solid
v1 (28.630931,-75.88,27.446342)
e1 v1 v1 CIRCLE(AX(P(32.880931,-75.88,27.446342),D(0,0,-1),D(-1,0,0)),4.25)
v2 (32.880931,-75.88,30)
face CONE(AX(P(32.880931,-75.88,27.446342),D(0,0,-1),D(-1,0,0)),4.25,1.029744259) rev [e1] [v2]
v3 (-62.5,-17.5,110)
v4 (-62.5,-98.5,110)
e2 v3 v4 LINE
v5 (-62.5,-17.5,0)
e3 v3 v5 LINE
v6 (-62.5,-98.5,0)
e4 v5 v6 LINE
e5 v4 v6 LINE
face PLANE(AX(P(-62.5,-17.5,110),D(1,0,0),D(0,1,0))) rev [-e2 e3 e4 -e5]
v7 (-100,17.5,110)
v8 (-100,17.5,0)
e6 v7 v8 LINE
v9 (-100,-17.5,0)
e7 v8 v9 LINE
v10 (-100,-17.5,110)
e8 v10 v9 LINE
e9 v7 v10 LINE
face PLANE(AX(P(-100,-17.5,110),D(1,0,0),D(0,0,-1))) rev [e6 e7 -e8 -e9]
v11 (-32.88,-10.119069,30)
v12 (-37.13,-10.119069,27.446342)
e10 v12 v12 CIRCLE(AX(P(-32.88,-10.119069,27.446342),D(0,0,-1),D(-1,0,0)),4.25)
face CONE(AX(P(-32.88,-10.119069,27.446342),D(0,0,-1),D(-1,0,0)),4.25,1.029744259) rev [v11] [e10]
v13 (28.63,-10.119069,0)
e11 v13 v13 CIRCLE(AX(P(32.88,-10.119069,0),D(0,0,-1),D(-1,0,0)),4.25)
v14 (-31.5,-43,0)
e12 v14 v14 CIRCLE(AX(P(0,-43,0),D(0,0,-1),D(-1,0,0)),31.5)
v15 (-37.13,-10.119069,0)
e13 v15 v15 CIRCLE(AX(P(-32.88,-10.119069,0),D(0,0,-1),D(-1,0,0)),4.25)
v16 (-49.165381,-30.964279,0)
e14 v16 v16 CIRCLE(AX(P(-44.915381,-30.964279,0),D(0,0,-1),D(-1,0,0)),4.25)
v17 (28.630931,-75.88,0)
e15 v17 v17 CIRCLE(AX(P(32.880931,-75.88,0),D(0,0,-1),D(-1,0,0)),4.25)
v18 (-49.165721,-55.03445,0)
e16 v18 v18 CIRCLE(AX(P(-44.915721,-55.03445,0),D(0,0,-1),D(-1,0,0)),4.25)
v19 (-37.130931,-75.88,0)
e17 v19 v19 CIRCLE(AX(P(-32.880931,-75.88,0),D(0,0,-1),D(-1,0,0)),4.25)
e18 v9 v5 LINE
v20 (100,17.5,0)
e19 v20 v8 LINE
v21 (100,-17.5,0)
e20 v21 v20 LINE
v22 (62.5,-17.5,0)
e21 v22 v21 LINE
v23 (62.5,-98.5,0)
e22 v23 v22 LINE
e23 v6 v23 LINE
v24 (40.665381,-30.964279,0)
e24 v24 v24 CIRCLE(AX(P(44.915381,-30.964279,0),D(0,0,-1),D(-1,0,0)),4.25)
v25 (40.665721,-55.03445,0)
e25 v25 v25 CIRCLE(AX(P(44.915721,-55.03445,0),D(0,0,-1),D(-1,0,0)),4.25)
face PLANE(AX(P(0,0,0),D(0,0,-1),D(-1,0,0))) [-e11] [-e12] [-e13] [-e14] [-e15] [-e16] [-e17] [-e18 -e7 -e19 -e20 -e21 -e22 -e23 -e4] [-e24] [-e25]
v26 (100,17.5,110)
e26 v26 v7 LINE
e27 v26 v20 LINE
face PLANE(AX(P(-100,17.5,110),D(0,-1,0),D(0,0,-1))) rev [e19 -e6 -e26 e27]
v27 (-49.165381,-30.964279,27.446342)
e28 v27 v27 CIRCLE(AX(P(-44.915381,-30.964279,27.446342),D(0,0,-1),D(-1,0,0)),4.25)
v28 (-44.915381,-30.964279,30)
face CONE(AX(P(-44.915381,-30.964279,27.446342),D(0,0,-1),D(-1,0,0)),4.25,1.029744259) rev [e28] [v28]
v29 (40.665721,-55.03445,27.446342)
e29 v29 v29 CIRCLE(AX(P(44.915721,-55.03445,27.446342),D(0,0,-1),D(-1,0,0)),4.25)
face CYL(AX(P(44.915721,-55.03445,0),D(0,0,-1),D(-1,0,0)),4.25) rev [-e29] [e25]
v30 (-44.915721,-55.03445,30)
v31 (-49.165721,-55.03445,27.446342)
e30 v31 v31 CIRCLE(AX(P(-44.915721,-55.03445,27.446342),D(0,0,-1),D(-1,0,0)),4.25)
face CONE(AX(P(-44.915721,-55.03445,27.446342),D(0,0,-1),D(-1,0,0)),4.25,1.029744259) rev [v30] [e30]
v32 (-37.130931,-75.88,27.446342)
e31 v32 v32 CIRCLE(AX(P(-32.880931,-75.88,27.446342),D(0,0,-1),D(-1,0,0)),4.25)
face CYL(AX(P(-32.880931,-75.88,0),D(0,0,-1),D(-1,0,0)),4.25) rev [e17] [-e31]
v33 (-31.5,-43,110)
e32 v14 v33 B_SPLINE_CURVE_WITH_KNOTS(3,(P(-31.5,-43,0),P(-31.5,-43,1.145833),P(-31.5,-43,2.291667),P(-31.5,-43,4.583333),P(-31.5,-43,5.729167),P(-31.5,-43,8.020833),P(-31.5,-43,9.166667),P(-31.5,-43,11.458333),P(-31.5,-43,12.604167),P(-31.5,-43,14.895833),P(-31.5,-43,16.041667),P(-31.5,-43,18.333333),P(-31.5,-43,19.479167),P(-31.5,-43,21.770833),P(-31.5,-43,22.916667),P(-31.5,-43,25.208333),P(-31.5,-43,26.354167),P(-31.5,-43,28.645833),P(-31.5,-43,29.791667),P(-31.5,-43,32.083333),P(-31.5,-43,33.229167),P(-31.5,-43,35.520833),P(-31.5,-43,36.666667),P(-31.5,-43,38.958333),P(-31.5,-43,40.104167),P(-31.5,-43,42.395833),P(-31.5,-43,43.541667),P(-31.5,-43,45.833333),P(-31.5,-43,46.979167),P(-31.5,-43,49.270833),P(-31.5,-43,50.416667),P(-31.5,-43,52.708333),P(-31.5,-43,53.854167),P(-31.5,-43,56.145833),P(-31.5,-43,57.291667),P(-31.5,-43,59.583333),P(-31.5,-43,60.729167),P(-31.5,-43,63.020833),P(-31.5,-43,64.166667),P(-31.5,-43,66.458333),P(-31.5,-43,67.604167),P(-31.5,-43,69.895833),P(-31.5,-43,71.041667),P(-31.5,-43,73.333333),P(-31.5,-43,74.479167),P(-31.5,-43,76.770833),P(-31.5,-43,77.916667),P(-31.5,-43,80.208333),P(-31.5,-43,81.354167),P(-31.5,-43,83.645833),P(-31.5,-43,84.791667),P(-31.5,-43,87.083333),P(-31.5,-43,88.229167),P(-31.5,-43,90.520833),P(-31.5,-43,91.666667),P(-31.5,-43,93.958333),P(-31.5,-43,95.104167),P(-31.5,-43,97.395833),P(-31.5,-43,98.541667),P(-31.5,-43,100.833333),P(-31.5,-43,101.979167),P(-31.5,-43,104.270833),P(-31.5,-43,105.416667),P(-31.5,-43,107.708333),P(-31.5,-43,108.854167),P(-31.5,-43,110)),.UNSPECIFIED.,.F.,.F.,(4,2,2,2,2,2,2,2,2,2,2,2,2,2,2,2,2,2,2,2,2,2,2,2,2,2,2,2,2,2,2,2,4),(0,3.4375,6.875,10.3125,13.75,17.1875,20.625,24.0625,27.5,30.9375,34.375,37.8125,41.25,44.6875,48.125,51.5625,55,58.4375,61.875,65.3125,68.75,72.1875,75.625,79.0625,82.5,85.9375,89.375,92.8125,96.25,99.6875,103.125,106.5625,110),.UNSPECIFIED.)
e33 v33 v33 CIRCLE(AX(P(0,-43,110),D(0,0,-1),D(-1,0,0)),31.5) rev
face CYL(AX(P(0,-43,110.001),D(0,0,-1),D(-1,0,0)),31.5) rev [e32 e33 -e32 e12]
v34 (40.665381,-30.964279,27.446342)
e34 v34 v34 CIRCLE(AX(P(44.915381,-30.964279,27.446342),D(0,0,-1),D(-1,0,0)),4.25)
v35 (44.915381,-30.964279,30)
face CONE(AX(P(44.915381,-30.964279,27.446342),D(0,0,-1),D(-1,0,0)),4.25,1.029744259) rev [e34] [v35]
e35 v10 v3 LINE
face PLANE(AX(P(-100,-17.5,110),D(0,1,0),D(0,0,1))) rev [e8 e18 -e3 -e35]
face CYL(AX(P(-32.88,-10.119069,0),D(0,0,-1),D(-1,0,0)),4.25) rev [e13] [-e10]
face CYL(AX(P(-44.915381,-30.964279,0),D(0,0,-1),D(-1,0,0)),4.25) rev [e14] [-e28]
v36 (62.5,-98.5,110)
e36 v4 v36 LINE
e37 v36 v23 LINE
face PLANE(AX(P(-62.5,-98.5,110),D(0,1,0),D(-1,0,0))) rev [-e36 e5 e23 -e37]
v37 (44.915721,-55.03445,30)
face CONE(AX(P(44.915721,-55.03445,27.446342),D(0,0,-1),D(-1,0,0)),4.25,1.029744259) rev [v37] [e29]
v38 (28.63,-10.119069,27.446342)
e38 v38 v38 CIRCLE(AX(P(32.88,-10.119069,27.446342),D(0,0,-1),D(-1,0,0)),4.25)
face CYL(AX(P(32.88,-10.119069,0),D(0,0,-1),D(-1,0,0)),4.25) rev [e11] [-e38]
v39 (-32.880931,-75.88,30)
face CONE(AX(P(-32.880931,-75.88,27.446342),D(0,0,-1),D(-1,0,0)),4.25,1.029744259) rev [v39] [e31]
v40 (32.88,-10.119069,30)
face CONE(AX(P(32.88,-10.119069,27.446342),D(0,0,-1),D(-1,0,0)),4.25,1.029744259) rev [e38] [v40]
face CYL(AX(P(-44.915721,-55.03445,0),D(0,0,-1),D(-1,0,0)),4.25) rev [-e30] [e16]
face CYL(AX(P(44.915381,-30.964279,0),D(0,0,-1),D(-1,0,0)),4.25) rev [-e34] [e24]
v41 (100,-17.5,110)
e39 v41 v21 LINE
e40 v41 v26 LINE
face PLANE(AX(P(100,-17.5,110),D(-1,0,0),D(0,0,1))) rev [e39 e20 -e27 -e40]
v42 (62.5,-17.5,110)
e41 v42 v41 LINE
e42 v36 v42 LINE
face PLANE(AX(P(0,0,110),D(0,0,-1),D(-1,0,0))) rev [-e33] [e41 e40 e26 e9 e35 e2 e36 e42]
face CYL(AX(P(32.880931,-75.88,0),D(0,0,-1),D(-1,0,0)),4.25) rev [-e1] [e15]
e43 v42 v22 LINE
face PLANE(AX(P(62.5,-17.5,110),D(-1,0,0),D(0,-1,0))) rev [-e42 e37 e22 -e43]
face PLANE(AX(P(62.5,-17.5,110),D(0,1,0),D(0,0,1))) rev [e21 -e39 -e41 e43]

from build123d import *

# Parameters (mm, degrees)
EXTRUDE_1_DEPTH          = 110
CUT_EXTRUDE_1_REACH      = 180.332
SKETCH_2_R               = 31.5
PATTERN_CIRCULAR_1_COUNT = 4
PATTERN_CIRCULAR_1_ANGLE = 90


with BuildPart() as part:
    # 草图1 → 凸台-拉伸1 (new body)
    with BuildSketch(Plane.XY):
        Polygon((-100, -17.5), (-62.5, -17.5), (-62.5, -98.5), (62.5, -98.5), (62.5, -17.5), (100, -17.5), (100, 17.5), (-100, 17.5), align=None)
    extrude(amount=EXTRUDE_1_DEPTH)

    # 草图2 → 切除-拉伸1 (cut, up to next)
    with BuildSketch(Plane(origin=(0, 0, 0), x_dir=(-1, 0, 0), z_dir=(0, 0, -1)), mode=Mode.PRIVATE) as cut_extrude_1_sk1:
        with Locations((0, -43)):
            Circle(SKETCH_2_R)
    cut_extrude_1_tool1 = extrude(cut_extrude_1_sk1.sketch, amount=-CUT_EXTRUDE_1_REACH, mode=Mode.PRIVATE) & part.part
    add(cut_extrude_1_tool1.solids().sort_by_distance((0, -43, 0))[0], mode=Mode.SUBTRACT)

    # 草图5 → M10 螺纹孔1 (revolve, cut)
    with BuildSketch(Plane(origin=(-32.88, -10.119069356, 0), x_dir=(0, 1, 0), z_dir=(1, 0, 0))):
        Polygon((0, 0), (0, 30), (4.25, 27.446342369), (4.25, 0), align=None)
    hole_wizard_m10_1 = revolve(axis=Axis((-32.88, -10.119069356, -6.35), (0, 0, 1)), mode=Mode.SUBTRACT)

    # 阵列(圆周)1: M10 螺纹孔1 ×4 about axis
    pattern_circular_1_axis = Axis((0, -43, 0), (0, 0, 1))
    for i in range(1, PATTERN_CIRCULAR_1_COUNT):
        add(hole_wizard_m10_1.rotate(pattern_circular_1_axis, i * PATTERN_CIRCULAR_1_ANGLE / (PATTERN_CIRCULAR_1_COUNT - 1)), mode=Mode.SUBTRACT)

    # 镜向1: M10 螺纹孔1 across plane
    add(hole_wizard_m10_1.mirror(Plane(origin=(0, 0, 0), x_dir=(0, 0, 1), z_dir=(1, 0, 0))), mode=Mode.SUBTRACT)

    # 镜向1 copy 1 sketch → 镜向1 copy 1 (revolve, cut)
    with BuildSketch(Plane(origin=(44.915380598, -30.964278762, 0), x_dir=(0.5000000000000011, 0.866025403784438, 0), z_dir=(-0.866025403784438, 0.5000000000000011, 0))):
        Polygon((0, 0), (0, -30), (4.25, -27.446342369), (4.25, 0), align=None)
    revolve(axis=Axis((44.915380598, -30.964278762, -6.35), (0, 0, -1)), mode=Mode.SUBTRACT)

    # 镜向1 copy 2 sketch → 镜向1 copy 2 (revolve, cut)
    with BuildSketch(Plane(origin=(44.915721238, -55.034449955, 0), x_dir=(0.8660254037844399, 0.4999999999999978, 0), z_dir=(-0.4999999999999978, 0.8660254037844399, 0))):
        Polygon((0, 0), (0, -30), (4.25, -27.446342369), (4.25, 0), align=None)
    revolve(axis=Axis((44.915721238, -55.034449955, -6.35), (0, 0, -1)), mode=Mode.SUBTRACT)

    # 镜向1 copy 3 sketch → 镜向1 copy 3 (revolve, cut)
    with BuildSketch(Plane(origin=(32.880930644, -75.88, 0), x_dir=(1, 0, 0), z_dir=(0, 1, 0))):
        Polygon((0, 0), (0, -30), (4.25, -27.446342369), (4.25, 0), align=None)
    revolve(axis=Axis((32.880930644, -75.88, -6.35), (0, 0, -1)), mode=Mode.SUBTRACT)


solid = part.part
